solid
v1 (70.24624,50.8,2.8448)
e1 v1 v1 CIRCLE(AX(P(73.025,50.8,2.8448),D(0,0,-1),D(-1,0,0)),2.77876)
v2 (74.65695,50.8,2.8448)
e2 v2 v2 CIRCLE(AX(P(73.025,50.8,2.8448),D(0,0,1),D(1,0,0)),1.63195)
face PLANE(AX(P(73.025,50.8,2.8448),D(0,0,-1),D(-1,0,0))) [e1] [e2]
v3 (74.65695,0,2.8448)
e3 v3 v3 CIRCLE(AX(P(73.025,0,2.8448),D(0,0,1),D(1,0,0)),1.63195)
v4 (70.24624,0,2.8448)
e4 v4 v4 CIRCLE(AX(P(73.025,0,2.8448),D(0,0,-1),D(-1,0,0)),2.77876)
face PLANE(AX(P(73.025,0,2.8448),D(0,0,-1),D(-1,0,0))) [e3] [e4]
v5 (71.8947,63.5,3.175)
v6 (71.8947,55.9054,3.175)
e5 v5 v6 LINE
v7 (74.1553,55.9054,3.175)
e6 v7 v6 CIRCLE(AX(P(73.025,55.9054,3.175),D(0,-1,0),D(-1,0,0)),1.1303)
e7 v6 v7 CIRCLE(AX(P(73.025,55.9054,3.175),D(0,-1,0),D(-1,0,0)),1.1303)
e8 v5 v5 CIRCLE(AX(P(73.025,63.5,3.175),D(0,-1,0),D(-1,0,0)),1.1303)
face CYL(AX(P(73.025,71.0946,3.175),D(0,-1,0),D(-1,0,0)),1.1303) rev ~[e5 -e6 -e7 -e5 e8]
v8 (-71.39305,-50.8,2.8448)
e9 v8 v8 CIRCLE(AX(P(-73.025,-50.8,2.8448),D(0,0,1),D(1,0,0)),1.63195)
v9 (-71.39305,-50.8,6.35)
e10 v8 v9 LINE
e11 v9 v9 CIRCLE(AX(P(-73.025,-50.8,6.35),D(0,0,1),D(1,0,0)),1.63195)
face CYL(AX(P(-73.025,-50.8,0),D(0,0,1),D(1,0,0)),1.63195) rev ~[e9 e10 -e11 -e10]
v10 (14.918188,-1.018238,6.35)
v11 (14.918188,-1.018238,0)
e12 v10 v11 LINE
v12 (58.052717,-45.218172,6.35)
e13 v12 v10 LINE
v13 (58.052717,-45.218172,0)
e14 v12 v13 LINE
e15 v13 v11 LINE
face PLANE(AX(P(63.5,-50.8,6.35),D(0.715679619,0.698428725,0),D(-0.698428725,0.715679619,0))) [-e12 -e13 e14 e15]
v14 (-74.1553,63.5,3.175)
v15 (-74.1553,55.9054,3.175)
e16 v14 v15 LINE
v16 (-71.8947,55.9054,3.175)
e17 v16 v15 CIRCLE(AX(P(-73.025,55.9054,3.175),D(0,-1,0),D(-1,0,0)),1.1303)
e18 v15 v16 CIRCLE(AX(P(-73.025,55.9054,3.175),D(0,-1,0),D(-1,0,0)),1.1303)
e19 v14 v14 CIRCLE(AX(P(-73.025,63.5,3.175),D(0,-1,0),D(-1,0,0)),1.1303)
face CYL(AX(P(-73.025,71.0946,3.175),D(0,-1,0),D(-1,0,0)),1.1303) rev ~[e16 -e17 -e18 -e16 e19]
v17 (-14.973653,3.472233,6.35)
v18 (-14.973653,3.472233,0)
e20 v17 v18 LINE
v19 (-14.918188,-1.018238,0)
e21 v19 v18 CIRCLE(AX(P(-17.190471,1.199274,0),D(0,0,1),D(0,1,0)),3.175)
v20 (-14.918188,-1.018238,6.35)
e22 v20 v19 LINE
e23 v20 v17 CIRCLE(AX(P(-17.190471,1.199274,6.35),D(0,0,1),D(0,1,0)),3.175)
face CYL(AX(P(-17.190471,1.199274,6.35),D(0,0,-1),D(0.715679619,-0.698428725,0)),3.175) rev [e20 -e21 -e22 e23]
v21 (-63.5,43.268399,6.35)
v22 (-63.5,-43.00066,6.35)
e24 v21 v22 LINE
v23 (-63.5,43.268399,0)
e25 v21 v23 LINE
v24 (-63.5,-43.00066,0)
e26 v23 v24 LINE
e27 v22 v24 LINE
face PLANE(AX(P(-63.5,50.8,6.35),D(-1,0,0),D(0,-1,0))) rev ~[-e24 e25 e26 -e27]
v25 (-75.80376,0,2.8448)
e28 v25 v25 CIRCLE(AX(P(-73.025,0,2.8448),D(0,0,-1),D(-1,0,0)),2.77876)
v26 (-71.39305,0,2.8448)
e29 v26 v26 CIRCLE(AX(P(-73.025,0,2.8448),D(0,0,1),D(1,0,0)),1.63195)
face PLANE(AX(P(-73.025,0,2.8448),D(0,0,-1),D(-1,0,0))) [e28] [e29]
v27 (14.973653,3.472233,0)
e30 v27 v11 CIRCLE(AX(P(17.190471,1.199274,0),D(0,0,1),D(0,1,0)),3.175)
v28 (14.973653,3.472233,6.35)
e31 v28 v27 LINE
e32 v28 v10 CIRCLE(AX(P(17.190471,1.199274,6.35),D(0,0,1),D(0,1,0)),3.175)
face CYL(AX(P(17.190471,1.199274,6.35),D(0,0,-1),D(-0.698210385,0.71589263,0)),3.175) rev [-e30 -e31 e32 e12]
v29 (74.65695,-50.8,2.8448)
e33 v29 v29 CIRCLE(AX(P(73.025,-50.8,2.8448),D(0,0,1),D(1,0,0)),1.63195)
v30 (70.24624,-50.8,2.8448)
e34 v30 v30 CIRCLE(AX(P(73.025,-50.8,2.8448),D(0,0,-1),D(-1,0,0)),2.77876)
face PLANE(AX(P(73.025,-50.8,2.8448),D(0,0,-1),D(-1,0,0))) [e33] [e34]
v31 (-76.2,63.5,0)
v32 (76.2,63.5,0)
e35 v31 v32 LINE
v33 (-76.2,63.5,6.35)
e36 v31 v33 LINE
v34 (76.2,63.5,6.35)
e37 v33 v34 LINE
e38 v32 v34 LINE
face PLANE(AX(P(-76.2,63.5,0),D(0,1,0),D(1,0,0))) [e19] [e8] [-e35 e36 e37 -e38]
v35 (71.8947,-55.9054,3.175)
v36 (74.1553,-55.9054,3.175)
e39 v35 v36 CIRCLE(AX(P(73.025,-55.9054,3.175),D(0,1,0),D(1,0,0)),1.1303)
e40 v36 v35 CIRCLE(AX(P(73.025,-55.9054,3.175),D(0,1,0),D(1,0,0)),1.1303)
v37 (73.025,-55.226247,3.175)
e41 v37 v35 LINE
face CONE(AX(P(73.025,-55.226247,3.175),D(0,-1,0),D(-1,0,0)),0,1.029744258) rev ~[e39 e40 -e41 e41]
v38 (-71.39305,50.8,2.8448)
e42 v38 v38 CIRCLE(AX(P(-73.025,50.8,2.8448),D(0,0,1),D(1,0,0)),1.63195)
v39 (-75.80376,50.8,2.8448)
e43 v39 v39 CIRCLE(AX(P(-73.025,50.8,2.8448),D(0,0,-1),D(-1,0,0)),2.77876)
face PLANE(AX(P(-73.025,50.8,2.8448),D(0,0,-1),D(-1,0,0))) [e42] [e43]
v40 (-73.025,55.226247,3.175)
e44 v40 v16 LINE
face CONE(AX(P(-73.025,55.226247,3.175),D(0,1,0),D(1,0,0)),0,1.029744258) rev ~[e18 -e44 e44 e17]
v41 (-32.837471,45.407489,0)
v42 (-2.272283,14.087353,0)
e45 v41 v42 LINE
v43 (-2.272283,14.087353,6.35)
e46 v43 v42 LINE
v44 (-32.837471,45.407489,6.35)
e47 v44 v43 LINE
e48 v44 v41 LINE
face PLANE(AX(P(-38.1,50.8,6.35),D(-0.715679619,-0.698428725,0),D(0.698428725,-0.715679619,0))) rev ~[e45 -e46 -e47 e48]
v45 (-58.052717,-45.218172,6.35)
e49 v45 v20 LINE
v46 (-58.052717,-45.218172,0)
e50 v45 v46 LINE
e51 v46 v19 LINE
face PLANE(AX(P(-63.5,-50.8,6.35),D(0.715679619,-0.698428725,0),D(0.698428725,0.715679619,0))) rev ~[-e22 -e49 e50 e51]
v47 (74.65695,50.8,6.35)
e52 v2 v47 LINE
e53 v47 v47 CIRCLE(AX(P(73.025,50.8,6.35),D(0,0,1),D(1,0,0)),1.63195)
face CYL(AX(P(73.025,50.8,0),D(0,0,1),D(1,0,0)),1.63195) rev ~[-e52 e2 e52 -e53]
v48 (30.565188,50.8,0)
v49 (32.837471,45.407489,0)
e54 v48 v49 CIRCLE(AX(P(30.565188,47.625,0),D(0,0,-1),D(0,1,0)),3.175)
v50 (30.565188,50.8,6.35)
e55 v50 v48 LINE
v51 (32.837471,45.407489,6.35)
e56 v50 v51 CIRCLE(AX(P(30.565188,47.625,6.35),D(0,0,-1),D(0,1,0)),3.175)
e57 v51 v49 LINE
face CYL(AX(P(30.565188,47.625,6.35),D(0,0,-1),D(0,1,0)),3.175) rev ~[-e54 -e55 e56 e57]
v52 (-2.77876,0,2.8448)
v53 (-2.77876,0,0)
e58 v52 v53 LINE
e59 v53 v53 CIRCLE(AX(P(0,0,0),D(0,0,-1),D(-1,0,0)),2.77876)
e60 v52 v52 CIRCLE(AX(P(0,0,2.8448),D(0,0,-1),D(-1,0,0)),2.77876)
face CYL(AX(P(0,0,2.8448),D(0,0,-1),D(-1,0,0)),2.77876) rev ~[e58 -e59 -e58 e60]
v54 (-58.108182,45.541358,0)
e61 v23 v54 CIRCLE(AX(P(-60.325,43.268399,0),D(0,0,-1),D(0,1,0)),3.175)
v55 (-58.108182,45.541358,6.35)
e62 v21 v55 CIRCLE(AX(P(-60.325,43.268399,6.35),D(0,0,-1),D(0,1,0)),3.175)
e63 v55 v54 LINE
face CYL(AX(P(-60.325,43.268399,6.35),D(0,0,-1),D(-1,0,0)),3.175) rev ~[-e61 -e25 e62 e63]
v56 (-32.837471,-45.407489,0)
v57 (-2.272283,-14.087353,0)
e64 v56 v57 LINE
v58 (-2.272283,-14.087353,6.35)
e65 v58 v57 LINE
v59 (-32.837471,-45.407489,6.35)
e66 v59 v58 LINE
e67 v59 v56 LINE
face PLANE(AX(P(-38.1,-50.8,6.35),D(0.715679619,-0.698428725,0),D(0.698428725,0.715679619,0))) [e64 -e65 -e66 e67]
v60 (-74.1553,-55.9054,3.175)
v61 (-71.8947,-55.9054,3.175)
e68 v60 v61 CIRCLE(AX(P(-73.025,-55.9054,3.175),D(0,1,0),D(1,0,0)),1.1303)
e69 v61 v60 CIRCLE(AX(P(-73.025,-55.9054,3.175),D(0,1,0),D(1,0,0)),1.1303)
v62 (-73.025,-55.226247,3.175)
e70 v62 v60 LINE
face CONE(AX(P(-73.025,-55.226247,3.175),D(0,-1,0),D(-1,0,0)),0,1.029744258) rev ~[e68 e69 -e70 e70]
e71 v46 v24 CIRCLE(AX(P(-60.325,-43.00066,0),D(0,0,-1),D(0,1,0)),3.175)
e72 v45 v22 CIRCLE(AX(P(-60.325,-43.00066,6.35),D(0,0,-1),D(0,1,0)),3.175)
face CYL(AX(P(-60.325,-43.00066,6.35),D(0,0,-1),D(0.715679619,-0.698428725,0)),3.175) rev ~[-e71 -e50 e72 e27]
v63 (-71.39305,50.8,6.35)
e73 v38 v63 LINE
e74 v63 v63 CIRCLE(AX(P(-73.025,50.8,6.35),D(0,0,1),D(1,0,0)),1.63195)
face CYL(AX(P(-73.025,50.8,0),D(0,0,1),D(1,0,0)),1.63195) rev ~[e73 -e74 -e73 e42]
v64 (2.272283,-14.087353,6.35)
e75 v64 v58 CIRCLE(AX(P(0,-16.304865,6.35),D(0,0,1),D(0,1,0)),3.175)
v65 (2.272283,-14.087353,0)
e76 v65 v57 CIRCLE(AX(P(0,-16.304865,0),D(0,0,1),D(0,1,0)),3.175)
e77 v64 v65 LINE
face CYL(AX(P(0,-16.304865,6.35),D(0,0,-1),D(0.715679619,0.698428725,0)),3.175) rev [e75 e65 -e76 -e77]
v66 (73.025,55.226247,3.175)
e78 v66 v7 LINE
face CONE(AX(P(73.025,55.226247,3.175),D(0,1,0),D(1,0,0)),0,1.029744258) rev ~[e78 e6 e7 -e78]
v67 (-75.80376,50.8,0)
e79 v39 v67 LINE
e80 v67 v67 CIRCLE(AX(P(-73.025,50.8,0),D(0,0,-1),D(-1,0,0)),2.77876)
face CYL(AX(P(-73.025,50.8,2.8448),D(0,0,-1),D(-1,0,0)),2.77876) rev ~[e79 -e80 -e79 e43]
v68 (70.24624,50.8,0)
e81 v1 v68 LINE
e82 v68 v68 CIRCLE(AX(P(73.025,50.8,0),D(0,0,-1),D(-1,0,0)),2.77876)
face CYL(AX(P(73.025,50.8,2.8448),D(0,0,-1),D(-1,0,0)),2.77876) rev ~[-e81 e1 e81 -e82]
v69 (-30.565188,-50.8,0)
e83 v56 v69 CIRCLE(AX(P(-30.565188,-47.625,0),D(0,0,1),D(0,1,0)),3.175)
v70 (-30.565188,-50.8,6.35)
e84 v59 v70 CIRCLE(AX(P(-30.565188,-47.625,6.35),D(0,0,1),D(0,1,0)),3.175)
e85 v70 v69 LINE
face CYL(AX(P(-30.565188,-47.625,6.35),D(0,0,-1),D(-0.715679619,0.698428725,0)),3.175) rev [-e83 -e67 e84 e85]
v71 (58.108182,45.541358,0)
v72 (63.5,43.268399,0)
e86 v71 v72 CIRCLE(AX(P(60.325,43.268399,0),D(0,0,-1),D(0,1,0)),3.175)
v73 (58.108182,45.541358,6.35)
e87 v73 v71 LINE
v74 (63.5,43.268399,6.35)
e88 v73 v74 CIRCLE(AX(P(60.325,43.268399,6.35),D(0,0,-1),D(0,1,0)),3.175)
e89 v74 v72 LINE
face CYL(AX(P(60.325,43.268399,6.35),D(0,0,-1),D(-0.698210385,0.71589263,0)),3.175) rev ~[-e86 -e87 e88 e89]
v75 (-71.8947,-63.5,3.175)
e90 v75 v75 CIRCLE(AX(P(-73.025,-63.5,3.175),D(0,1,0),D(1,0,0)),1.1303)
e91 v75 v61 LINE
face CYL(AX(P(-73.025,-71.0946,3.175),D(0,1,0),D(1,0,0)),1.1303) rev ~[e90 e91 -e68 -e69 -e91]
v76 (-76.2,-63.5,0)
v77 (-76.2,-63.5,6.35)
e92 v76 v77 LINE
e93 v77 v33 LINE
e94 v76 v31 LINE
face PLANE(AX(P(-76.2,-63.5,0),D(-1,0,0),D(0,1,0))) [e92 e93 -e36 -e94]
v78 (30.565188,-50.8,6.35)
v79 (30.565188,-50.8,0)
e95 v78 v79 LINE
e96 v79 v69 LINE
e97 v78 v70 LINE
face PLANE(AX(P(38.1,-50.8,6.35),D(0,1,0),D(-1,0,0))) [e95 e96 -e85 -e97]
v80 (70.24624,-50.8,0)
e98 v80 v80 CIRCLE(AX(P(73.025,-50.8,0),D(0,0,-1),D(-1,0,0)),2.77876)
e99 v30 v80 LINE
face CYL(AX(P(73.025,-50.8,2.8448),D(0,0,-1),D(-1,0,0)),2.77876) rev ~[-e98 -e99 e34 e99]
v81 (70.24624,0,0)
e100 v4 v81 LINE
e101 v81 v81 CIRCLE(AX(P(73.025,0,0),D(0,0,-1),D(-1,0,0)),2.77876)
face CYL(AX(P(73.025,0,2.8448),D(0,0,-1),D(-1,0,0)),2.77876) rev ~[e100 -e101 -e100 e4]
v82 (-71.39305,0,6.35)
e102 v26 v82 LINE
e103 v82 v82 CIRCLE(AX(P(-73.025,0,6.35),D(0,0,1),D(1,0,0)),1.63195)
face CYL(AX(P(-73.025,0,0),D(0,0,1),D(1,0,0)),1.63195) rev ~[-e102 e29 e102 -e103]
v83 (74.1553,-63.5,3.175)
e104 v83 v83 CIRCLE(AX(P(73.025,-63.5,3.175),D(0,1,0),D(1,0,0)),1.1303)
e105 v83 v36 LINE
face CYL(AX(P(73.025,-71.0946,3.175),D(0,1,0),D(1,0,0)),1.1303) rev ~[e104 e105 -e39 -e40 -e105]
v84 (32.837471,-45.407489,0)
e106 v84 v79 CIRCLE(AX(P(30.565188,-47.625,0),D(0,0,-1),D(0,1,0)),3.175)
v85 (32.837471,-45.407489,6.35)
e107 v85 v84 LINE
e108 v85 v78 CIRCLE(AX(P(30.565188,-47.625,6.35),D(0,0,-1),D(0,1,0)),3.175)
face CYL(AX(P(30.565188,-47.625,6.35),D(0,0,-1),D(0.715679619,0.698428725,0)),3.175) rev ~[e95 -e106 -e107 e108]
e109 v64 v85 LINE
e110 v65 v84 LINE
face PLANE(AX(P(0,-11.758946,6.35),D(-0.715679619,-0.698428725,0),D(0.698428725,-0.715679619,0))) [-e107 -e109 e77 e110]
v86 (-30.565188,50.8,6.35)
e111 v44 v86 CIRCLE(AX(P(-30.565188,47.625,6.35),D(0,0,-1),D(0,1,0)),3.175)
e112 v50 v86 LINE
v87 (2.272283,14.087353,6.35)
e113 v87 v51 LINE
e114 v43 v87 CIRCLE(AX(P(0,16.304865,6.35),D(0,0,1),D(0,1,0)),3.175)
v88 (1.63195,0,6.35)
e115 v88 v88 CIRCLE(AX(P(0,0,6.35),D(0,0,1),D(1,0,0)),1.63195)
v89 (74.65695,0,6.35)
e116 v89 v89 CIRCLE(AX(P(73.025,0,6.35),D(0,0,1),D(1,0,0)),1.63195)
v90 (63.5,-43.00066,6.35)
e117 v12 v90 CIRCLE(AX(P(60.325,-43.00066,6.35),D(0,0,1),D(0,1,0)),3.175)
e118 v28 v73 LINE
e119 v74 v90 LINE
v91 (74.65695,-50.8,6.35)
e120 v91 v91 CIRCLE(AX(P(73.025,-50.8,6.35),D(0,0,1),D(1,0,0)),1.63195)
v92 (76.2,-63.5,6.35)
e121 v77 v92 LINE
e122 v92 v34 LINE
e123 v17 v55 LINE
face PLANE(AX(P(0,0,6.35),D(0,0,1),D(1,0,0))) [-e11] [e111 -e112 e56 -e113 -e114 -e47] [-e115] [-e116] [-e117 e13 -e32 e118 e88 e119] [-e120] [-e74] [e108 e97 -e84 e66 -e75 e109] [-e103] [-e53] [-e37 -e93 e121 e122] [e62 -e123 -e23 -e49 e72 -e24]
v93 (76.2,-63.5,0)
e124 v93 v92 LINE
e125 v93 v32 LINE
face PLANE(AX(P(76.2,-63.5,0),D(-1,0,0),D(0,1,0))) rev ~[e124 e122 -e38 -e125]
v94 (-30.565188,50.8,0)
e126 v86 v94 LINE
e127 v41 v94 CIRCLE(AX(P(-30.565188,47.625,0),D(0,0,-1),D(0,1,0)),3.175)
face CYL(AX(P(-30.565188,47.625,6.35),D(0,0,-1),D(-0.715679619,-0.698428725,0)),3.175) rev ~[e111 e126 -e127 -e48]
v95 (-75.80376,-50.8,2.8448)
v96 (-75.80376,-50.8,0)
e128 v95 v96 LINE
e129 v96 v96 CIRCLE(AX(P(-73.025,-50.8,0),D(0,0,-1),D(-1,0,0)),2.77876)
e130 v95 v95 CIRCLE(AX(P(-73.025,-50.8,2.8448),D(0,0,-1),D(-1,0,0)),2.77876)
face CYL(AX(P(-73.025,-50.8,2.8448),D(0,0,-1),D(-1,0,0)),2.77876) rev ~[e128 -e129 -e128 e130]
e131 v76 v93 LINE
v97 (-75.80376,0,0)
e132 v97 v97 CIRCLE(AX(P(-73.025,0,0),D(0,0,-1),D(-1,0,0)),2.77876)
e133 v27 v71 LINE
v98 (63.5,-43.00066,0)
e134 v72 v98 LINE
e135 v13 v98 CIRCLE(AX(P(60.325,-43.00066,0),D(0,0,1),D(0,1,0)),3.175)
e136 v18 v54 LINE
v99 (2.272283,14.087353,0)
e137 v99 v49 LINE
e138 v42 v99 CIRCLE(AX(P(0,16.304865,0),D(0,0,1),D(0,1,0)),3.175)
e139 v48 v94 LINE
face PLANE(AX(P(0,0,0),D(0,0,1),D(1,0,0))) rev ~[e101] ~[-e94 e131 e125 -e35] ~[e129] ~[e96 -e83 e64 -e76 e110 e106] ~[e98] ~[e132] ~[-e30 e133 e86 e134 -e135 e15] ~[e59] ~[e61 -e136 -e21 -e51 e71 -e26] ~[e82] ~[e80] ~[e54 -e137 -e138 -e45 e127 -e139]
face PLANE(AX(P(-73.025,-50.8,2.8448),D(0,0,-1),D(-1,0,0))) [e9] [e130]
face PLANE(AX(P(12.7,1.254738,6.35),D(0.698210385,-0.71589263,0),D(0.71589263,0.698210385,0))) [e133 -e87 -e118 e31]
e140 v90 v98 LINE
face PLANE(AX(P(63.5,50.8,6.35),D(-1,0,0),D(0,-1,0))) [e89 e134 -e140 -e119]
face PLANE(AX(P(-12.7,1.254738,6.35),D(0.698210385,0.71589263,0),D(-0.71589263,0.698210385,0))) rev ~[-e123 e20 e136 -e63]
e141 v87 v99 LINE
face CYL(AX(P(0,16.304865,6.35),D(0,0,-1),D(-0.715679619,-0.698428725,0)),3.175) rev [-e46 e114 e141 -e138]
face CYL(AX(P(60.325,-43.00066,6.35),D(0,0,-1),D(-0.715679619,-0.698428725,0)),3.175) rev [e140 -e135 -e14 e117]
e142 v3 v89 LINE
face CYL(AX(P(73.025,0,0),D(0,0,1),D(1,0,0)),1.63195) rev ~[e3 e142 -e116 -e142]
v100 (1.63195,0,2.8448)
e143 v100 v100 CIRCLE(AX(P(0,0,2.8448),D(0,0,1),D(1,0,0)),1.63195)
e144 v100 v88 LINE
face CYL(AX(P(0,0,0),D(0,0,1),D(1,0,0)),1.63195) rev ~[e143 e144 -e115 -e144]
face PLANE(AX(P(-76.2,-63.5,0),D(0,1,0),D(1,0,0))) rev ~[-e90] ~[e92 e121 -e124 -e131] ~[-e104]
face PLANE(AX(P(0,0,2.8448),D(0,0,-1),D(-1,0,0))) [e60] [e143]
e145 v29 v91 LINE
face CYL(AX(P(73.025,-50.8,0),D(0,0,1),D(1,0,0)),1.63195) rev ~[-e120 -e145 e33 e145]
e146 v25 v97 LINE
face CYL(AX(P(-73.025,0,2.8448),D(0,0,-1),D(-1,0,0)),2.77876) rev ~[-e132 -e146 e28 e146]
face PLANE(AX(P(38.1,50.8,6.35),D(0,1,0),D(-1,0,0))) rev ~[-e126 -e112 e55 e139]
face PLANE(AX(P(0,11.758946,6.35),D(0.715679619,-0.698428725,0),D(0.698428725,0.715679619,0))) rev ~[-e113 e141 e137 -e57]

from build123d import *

# Parameters (mm, degrees)
SKETCH1_W                                      = 152.4
SKETCH1_H                                      = 127
BOSS_EXTRUDE1_DEPTH                            = 6.35
CUT_EXTRUDE1_DEPTH                             = 7.35
F_4_40_TAPPED_HOLE1_D                          = 2.2606
F_4_40_TAPPED_HOLE1_DEPTH                      = 7.5946
F_4_40_TAPPED_HOLE1_TIP                        = 0.679152758
CBORE_FOR_4_SOCKET_HEAD_CAP_SCREW1_D           = 3.2639
CBORE_FOR_4_SOCKET_HEAD_CAP_SCREW1_DEPTH       = 7.5946
CBORE_FOR_4_SOCKET_HEAD_CAP_SCREW1_CBORE_D     = 5.55752
CBORE_FOR_4_SOCKET_HEAD_CAP_SCREW1_CBORE_DEPTH = 2.8448
CBORE_FOR_4_SOCKET_HEAD_CAP_SCREW1_TIP         = 0.980574487
CBORE_FOR_4_SOCKET_HEAD_CAP_SCREW2_D           = 3.2639
CBORE_FOR_4_SOCKET_HEAD_CAP_SCREW2_DEPTH       = 7.5946
CBORE_FOR_4_SOCKET_HEAD_CAP_SCREW2_CBORE_D     = 5.55752
CBORE_FOR_4_SOCKET_HEAD_CAP_SCREW2_CBORE_DEPTH = 2.8448
CBORE_FOR_4_SOCKET_HEAD_CAP_SCREW2_TIP         = 0.980574487
F_4_40_TAPPED_HOLE2_D                          = 2.2606
F_4_40_TAPPED_HOLE2_DEPTH                      = 7.5946
F_4_40_TAPPED_HOLE2_TIP                        = 0.679152758
FILLET1_R                                      = 3.175


with BuildPart() as part:
    # Sketch1 → Boss-Extrude1 (new body)
    with BuildSketch(Plane.XY):
        Rectangle(SKETCH1_W, SKETCH1_H)
    extrude(amount=BOSS_EXTRUDE1_DEPTH)

    # Sketch2 → Cut-Extrude1 (cut, through all)
    with BuildSketch(Plane.XY.offset(6.35)):
        Polygon((63.5, 50.8), (63.5, -50.8), (12.7, 1.254738493), align=None)
        Polygon((-63.5, -50.8), (-12.7, 1.254738493), (-63.5, 50.8), align=None)
        Polygon((38.1, -50.8), (-38.1, -50.8), (0, -11.758946131), align=None)
        Polygon((-38.1, 50.8), (0, 11.758946131), (38.1, 50.8), align=None)
    extrude(amount=-CUT_EXTRUDE1_DEPTH, mode=Mode.SUBTRACT)

    # #4-40 Tapped Hole1
    with Locations(Plane(origin=(0, -63.5, 0), x_dir=(-1, 0, 0), z_dir=(0, -1, 0))):
        with Locations((-73.025, -3.175), (73.025, -3.175)):
            Hole(F_4_40_TAPPED_HOLE1_D / 2, depth=F_4_40_TAPPED_HOLE1_DEPTH)
            with Locations((0, 0, -(F_4_40_TAPPED_HOLE1_DEPTH + F_4_40_TAPPED_HOLE1_TIP / 2))):  # 118° drill point
                Cone(0, F_4_40_TAPPED_HOLE1_D / 2, F_4_40_TAPPED_HOLE1_TIP, mode=Mode.SUBTRACT)

    # CBORE for #4 Socket Head Cap Screw1
    with Locations(Plane(origin=(0, 0, 0), x_dir=(-1, 0, 0), z_dir=(0, 0, -1))):
        with Locations((73.025, 0), (73.025, 50.8), (-73.025, 50.8), (-73.025, 0), (-73.025, -50.8), (73.025, -50.8)):
            CounterBoreHole(CBORE_FOR_4_SOCKET_HEAD_CAP_SCREW1_D / 2, CBORE_FOR_4_SOCKET_HEAD_CAP_SCREW1_CBORE_D / 2, CBORE_FOR_4_SOCKET_HEAD_CAP_SCREW1_CBORE_DEPTH, depth=CBORE_FOR_4_SOCKET_HEAD_CAP_SCREW1_DEPTH)
            with Locations((0, 0, -(CBORE_FOR_4_SOCKET_HEAD_CAP_SCREW1_DEPTH + CBORE_FOR_4_SOCKET_HEAD_CAP_SCREW1_TIP / 2))):  # 118° drill point
                Cone(0, CBORE_FOR_4_SOCKET_HEAD_CAP_SCREW1_D / 2, CBORE_FOR_4_SOCKET_HEAD_CAP_SCREW1_TIP, mode=Mode.SUBTRACT)

    # CBORE for #4 Socket Head Cap Screw2
    with Locations(Plane(origin=(0, 0, 0), x_dir=(-1, 0, 0), z_dir=(0, 0, -1))):
        with Locations((0, 0)):
            CounterBoreHole(CBORE_FOR_4_SOCKET_HEAD_CAP_SCREW2_D / 2, CBORE_FOR_4_SOCKET_HEAD_CAP_SCREW2_CBORE_D / 2, CBORE_FOR_4_SOCKET_HEAD_CAP_SCREW2_CBORE_DEPTH, depth=CBORE_FOR_4_SOCKET_HEAD_CAP_SCREW2_DEPTH)
            with Locations((0, 0, -(CBORE_FOR_4_SOCKET_HEAD_CAP_SCREW2_DEPTH + CBORE_FOR_4_SOCKET_HEAD_CAP_SCREW2_TIP / 2))):  # 118° drill point
                Cone(0, CBORE_FOR_4_SOCKET_HEAD_CAP_SCREW2_D / 2, CBORE_FOR_4_SOCKET_HEAD_CAP_SCREW2_TIP, mode=Mode.SUBTRACT)

    # #4-40 Tapped Hole2
    with Locations(Plane(origin=(0, 63.5, 0), x_dir=(1, 0, 0), z_dir=(0, 1, 0))):
        with Locations((-73.025, -3.175), (73.025, -3.175)):
            Hole(F_4_40_TAPPED_HOLE2_D / 2, depth=F_4_40_TAPPED_HOLE2_DEPTH)
            with Locations((0, 0, -(F_4_40_TAPPED_HOLE2_DEPTH + F_4_40_TAPPED_HOLE2_TIP / 2))):  # 118° drill point
                Cone(0, F_4_40_TAPPED_HOLE2_D / 2, F_4_40_TAPPED_HOLE2_TIP, mode=Mode.SUBTRACT)

    # Fillet1
    fillet1_edges = [part.edges().sort_by_distance(p)[0] for p in [
        (0, -11.758946131, 3.175),
        (38.1, -50.8, 3.175),
        (-38.1, -50.8, 3.175),
        (-63.5, -50.8, 3.175),
        (-63.5, 50.8, 3.175),
        (-12.7, 1.254738493, 3.175),
        (-38.1, 50.8, 3.175),
        (38.1, 50.8, 3.175),
        (0, 11.758946131, 3.175),
        (12.7, 1.254738493, 3.175),
        (63.5, 50.8, 3.175),
        (63.5, -50.8, 3.175),
    ]]
    fillet(fillet1_edges, radius=FILLET1_R)


solid = part.part
